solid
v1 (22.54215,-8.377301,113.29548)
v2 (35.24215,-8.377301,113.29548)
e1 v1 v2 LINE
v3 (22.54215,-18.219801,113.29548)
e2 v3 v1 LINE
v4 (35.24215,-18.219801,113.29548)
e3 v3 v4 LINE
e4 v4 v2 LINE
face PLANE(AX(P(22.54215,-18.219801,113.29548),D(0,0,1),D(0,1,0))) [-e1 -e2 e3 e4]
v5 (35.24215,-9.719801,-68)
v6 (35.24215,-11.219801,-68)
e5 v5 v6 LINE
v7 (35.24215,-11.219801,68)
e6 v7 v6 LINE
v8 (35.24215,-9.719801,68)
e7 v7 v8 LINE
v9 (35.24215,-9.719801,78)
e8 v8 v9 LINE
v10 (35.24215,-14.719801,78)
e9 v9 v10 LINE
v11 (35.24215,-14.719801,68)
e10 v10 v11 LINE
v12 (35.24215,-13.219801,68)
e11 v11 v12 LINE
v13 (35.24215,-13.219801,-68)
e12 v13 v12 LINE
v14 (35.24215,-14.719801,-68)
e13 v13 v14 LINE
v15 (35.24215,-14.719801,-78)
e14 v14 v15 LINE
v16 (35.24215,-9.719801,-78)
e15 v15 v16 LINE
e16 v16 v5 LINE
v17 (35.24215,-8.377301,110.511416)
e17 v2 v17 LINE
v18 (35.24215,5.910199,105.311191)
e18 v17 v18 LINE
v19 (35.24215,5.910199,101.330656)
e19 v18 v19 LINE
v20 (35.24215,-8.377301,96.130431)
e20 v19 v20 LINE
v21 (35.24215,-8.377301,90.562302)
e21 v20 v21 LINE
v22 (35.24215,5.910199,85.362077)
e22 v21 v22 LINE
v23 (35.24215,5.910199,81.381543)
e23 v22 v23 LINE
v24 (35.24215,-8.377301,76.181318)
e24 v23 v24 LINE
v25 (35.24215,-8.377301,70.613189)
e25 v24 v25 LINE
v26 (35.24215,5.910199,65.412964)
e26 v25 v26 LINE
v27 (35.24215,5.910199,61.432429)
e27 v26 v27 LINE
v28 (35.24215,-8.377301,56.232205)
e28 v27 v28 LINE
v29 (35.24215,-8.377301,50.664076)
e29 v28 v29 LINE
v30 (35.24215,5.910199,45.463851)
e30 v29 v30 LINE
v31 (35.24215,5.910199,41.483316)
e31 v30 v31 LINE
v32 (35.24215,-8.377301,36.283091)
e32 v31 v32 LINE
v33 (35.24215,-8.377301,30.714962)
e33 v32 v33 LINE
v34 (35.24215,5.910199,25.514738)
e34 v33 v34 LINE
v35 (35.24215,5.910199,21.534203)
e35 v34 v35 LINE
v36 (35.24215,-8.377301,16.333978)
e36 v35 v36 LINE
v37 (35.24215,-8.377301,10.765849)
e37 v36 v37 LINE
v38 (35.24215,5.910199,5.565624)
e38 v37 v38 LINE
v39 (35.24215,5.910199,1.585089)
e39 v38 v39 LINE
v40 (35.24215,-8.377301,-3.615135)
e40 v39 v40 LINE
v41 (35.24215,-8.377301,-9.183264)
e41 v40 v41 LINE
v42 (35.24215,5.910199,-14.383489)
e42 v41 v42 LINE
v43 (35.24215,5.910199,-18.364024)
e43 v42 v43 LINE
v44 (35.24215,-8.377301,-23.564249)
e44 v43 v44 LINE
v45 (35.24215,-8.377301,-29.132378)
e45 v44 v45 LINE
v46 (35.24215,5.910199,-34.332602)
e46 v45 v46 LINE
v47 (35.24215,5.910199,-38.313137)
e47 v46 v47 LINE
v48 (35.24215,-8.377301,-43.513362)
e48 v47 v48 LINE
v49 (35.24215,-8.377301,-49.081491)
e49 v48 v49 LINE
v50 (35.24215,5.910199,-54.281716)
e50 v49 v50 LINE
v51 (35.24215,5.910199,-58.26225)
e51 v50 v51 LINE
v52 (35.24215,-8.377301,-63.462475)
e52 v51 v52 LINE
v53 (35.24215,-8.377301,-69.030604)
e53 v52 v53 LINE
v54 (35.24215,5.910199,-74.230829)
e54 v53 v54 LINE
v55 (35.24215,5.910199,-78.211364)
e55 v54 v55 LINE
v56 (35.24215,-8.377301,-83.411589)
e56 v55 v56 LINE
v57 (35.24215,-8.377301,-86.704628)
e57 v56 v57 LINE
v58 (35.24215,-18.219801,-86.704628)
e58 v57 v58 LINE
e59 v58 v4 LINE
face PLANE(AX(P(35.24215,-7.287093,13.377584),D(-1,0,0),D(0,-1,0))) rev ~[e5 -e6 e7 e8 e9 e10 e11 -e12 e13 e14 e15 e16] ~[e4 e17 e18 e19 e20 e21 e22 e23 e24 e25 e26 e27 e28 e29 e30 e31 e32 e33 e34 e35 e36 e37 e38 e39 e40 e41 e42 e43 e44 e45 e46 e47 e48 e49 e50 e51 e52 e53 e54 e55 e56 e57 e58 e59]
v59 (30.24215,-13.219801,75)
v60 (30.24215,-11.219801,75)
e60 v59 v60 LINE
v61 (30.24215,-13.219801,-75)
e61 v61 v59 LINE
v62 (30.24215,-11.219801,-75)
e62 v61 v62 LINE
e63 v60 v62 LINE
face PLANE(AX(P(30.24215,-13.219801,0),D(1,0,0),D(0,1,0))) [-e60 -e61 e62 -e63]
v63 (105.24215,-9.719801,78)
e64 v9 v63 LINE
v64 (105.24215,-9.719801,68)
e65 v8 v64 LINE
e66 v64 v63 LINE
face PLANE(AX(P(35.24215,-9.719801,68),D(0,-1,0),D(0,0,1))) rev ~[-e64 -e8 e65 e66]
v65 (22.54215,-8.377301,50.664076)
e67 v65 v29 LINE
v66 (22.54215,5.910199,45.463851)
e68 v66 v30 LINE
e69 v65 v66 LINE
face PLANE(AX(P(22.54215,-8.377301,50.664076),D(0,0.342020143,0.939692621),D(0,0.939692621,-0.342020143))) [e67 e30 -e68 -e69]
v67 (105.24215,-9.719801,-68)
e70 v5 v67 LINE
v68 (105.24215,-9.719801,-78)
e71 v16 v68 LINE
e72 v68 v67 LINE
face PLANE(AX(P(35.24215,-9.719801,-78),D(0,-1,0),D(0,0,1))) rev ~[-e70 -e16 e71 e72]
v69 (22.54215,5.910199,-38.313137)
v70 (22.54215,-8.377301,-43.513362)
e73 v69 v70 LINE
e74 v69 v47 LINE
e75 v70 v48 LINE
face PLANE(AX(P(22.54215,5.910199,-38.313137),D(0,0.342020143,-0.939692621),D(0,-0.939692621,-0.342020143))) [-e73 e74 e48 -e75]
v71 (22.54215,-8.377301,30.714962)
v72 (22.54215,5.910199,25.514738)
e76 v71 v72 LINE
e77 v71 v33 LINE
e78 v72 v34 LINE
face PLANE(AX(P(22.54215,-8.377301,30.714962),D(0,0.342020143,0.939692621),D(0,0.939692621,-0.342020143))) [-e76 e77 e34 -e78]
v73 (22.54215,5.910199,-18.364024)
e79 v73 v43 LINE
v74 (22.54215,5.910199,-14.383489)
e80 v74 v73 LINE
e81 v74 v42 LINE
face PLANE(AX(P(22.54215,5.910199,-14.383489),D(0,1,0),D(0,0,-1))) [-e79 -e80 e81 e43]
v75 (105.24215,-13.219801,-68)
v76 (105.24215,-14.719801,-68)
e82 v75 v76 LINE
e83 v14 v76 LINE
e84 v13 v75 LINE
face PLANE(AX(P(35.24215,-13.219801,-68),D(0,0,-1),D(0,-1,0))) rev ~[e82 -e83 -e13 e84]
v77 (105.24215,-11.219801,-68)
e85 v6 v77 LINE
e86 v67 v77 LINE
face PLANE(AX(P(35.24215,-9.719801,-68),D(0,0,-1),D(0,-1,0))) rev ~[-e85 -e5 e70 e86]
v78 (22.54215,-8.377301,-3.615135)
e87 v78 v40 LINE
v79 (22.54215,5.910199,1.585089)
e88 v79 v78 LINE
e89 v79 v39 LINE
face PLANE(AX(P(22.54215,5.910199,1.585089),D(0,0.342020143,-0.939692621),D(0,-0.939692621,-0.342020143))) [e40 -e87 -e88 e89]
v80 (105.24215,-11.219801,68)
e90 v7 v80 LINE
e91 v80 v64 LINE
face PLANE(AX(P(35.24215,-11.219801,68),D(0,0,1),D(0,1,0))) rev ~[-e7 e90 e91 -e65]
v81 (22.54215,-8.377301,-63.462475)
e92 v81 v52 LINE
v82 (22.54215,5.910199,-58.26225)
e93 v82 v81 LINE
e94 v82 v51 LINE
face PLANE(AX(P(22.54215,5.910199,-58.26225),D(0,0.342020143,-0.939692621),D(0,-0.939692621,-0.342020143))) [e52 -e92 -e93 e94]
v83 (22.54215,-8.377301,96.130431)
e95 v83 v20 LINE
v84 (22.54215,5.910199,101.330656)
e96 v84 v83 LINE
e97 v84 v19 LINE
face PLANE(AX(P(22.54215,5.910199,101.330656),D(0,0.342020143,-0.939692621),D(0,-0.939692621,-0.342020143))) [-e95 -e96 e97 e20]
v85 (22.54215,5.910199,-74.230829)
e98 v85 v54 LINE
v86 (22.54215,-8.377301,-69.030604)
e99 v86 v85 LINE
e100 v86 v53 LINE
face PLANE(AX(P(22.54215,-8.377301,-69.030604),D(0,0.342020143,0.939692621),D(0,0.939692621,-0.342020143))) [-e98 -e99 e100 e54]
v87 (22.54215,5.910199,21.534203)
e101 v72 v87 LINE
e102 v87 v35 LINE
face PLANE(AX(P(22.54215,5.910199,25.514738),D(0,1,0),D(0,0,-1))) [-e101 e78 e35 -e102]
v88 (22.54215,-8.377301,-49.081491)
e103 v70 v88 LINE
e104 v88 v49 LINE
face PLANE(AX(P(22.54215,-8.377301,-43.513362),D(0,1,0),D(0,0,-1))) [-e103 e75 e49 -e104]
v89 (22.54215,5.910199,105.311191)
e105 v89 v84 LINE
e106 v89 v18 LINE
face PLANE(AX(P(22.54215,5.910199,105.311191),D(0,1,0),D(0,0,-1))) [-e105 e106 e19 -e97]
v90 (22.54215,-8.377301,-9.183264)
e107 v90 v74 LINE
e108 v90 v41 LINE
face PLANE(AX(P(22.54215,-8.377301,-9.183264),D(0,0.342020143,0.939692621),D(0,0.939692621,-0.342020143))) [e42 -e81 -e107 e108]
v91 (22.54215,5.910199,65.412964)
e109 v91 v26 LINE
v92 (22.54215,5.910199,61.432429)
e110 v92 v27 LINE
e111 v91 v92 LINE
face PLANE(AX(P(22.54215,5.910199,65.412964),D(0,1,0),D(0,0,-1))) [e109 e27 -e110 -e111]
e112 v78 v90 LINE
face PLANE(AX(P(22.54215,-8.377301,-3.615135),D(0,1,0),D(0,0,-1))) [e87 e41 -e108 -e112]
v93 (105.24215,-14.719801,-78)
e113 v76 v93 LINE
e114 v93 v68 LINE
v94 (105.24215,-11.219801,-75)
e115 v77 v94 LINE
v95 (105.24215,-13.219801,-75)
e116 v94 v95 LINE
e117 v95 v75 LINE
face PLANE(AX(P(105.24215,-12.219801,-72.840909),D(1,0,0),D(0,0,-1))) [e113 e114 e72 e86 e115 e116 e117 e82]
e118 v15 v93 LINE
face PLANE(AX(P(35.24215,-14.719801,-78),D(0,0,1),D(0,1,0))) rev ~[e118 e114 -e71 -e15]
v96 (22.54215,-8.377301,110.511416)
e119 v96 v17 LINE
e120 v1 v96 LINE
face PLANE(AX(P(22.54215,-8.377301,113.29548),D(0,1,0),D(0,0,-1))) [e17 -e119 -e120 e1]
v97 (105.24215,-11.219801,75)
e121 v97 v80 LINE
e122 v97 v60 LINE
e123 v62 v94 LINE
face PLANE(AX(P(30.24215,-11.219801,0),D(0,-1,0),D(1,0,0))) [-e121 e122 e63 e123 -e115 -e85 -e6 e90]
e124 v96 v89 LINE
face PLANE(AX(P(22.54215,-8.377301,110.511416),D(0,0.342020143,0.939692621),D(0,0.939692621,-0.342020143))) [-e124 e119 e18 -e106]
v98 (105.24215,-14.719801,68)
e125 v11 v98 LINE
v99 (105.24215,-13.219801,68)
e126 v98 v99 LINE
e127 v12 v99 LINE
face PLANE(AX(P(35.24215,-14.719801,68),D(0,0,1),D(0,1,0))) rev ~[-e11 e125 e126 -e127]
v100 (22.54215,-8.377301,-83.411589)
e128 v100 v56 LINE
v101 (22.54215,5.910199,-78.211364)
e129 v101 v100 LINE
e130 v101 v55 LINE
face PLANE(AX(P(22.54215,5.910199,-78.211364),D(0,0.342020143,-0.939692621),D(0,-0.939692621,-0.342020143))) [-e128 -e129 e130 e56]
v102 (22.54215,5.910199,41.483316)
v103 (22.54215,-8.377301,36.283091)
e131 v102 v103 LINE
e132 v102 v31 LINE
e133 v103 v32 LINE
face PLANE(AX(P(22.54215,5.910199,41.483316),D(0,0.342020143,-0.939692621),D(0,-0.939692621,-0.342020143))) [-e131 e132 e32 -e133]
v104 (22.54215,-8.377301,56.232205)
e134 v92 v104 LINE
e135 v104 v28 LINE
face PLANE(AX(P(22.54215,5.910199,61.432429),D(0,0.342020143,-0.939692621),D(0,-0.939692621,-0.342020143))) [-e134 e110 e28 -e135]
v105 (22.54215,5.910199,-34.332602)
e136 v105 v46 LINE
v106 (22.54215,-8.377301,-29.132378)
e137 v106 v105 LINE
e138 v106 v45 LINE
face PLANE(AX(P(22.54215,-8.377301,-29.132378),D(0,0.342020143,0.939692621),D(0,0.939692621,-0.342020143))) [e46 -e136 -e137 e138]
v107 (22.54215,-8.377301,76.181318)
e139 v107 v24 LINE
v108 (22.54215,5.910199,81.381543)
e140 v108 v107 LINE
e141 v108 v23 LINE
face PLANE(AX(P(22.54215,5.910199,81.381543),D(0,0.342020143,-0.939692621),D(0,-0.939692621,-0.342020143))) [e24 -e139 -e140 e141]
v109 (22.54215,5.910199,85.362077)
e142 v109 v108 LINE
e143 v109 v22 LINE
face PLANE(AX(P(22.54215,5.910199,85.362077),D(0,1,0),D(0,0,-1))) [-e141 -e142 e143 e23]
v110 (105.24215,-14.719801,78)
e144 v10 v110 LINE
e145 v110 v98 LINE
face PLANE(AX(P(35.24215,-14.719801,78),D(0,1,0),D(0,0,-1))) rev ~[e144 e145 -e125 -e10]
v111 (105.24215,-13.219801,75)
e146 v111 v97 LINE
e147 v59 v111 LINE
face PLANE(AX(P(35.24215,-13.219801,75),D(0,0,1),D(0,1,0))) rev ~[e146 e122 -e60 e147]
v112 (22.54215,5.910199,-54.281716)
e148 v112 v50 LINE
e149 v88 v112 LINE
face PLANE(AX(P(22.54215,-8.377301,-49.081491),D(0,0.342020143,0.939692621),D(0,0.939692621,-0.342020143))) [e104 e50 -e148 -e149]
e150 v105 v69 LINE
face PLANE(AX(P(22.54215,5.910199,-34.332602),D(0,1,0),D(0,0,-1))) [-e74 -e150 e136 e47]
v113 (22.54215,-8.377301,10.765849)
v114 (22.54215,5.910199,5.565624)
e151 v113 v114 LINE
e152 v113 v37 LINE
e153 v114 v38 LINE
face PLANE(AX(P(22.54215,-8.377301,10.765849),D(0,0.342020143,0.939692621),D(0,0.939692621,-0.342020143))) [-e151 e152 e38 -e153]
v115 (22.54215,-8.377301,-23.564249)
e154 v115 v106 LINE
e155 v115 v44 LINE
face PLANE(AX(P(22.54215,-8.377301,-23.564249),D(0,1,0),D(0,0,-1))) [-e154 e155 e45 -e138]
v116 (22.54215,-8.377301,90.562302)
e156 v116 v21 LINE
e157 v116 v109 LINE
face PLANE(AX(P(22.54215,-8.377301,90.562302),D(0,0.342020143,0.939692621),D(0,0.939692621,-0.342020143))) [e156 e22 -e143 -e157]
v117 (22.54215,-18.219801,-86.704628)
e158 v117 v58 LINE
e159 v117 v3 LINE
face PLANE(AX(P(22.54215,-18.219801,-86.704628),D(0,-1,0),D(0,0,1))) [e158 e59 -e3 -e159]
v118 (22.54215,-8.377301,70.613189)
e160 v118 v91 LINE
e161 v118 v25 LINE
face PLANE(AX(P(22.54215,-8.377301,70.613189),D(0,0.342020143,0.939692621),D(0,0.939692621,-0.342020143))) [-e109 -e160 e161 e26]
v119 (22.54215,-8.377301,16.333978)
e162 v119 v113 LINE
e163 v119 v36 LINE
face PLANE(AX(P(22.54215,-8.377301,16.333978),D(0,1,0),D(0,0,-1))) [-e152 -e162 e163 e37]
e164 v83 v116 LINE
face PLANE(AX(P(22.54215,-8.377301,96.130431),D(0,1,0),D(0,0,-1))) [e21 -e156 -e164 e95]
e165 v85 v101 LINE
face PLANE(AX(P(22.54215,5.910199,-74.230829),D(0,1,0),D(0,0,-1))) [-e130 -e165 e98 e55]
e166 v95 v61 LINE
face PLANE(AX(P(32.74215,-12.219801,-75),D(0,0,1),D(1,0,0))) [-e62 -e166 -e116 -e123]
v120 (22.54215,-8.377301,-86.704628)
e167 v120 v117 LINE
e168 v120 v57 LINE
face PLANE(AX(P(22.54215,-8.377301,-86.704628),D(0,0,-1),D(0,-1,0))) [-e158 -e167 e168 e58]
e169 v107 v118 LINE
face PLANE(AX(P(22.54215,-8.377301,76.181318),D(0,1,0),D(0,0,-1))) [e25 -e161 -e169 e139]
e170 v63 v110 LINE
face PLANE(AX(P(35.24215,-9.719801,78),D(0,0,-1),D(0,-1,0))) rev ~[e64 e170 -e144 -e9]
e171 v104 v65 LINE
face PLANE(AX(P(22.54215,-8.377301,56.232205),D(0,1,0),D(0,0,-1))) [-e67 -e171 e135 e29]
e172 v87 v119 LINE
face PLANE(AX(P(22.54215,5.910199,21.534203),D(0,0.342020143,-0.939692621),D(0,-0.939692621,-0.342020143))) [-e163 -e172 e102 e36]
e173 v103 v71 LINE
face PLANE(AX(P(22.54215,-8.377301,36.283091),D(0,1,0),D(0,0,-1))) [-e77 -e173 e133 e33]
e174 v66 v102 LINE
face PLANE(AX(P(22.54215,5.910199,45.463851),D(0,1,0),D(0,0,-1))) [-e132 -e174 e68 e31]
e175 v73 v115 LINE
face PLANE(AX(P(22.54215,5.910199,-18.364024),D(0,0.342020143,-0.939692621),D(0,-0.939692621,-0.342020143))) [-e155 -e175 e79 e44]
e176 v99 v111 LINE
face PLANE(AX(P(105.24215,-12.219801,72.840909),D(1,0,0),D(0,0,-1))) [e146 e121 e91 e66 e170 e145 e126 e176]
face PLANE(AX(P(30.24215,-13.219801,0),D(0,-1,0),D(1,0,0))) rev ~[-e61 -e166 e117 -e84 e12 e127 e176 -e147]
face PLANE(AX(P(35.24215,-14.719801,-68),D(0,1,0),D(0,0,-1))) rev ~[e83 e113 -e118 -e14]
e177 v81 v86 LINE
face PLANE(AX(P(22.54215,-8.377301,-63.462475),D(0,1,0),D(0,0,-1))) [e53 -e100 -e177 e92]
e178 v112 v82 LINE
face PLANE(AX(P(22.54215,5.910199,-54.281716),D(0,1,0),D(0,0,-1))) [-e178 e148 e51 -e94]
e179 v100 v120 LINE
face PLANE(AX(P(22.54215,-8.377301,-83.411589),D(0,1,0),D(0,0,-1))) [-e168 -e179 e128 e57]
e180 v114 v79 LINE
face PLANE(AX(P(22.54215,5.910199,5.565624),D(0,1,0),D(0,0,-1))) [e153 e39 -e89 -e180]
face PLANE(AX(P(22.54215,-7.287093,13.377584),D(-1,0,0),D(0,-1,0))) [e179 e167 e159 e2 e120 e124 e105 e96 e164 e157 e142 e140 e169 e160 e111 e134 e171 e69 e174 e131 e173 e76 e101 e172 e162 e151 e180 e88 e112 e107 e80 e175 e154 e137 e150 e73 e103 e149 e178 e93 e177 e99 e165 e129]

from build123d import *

# Parameters (mm, degrees)
BOSS_EXTRUDE1_DEPTH = 12.7
SKETCH3_W           = 5
SKETCH3_H           = 2
CUT_EXTRUDE1_DEPTH  = 75
BOSS_EXTRUDE3_DEPTH = 70


with BuildPart() as part:
    # Sketch1 → Boss-Extrude1 (new body)
    with BuildSketch(Plane(origin=(22.542150286, 0, 0), x_dir=(0, -1, 0), z_dir=(-1, 0, 0))):
        Polygon((-5.910199341, -78.211363822), (8.377300659, -83.411588544), (8.377300659, -86.704627867), (18.219800659, -86.704627867), (18.219800659, 113.295480133), (8.377300659, 113.295480133), (8.377300659, 110.511415536), (-5.910199341, 105.311190814), (-5.910199341, 101.330656125), (8.377300659, 96.130431403), (8.377300659, 90.562302208), (-5.910199341, 85.362077486), (-5.910199341, 81.381542798), (8.377300659, 76.181318076), (8.377300659, 70.613188881), (-5.910199341, 65.412964159), (-5.910199341, 61.43242947), (8.377300659, 56.232204748), (8.377300659, 50.664075553), (-5.910199341, 45.463850831), (-5.910199341, 41.483316143), (8.377300659, 36.283091421), (8.377300659, 30.714962226), (-5.910199341, 25.514737504), (-5.910199341, 21.534202815), (8.377300659, 16.333978093), (8.377300659, 10.765848898), (-5.910199341, 5.565624176), (-5.910199341, 1.585089488), (8.377300659, -3.615135234), (8.377300659, -9.183264429), (-5.910199341, -14.383489151), (-5.910199341, -18.36402384), (8.377300659, -23.564248562), (8.377300659, -29.132377757), (-5.910199341, -34.332602479), (-5.910199341, -38.313137167), (8.377300659, -43.513361889), (8.377300659, -49.081491084), (-5.910199341, -54.281715806), (-5.910199341, -58.262250495), (8.377300659, -63.462475217), (8.377300659, -69.030604412), (-5.910199341, -74.230829134), align=None)
    extrude(amount=-BOSS_EXTRUDE1_DEPTH)

    # Sketch3 → Cut-Extrude1 (cut, symmetric)
    with BuildSketch(Plane.XY):
        with Locations((32.742150286, -12.219800659)):
            Rectangle(SKETCH3_W, SKETCH3_H)
    extrude(amount=CUT_EXTRUDE1_DEPTH, both=True, mode=Mode.SUBTRACT)

    # Sketch4 → Boss-Extrude3 (add)
    with BuildSketch(Plane(origin=(35.242150286, 0, 0), x_dir=(0, 0, -1), z_dir=(1, 0, 0))):
        Polygon((-78, -9.719800659), (-78, -14.719800659), (-68, -14.719800659), (-68, -13.219800659), (-75, -13.219800659), (-75, -11.219800659), (-68, -11.219800659), (-68, -9.719800659), align=None)
        Polygon((68, -14.719800659), (78, -14.719800659), (78, -9.719800659), (68, -9.719800659), (68, -11.219800659), (75, -11.219800659), (75, -13.219800659), (68, -13.219800659), align=None)
    extrude(amount=BOSS_EXTRUDE3_DEPTH)


solid = part.part
